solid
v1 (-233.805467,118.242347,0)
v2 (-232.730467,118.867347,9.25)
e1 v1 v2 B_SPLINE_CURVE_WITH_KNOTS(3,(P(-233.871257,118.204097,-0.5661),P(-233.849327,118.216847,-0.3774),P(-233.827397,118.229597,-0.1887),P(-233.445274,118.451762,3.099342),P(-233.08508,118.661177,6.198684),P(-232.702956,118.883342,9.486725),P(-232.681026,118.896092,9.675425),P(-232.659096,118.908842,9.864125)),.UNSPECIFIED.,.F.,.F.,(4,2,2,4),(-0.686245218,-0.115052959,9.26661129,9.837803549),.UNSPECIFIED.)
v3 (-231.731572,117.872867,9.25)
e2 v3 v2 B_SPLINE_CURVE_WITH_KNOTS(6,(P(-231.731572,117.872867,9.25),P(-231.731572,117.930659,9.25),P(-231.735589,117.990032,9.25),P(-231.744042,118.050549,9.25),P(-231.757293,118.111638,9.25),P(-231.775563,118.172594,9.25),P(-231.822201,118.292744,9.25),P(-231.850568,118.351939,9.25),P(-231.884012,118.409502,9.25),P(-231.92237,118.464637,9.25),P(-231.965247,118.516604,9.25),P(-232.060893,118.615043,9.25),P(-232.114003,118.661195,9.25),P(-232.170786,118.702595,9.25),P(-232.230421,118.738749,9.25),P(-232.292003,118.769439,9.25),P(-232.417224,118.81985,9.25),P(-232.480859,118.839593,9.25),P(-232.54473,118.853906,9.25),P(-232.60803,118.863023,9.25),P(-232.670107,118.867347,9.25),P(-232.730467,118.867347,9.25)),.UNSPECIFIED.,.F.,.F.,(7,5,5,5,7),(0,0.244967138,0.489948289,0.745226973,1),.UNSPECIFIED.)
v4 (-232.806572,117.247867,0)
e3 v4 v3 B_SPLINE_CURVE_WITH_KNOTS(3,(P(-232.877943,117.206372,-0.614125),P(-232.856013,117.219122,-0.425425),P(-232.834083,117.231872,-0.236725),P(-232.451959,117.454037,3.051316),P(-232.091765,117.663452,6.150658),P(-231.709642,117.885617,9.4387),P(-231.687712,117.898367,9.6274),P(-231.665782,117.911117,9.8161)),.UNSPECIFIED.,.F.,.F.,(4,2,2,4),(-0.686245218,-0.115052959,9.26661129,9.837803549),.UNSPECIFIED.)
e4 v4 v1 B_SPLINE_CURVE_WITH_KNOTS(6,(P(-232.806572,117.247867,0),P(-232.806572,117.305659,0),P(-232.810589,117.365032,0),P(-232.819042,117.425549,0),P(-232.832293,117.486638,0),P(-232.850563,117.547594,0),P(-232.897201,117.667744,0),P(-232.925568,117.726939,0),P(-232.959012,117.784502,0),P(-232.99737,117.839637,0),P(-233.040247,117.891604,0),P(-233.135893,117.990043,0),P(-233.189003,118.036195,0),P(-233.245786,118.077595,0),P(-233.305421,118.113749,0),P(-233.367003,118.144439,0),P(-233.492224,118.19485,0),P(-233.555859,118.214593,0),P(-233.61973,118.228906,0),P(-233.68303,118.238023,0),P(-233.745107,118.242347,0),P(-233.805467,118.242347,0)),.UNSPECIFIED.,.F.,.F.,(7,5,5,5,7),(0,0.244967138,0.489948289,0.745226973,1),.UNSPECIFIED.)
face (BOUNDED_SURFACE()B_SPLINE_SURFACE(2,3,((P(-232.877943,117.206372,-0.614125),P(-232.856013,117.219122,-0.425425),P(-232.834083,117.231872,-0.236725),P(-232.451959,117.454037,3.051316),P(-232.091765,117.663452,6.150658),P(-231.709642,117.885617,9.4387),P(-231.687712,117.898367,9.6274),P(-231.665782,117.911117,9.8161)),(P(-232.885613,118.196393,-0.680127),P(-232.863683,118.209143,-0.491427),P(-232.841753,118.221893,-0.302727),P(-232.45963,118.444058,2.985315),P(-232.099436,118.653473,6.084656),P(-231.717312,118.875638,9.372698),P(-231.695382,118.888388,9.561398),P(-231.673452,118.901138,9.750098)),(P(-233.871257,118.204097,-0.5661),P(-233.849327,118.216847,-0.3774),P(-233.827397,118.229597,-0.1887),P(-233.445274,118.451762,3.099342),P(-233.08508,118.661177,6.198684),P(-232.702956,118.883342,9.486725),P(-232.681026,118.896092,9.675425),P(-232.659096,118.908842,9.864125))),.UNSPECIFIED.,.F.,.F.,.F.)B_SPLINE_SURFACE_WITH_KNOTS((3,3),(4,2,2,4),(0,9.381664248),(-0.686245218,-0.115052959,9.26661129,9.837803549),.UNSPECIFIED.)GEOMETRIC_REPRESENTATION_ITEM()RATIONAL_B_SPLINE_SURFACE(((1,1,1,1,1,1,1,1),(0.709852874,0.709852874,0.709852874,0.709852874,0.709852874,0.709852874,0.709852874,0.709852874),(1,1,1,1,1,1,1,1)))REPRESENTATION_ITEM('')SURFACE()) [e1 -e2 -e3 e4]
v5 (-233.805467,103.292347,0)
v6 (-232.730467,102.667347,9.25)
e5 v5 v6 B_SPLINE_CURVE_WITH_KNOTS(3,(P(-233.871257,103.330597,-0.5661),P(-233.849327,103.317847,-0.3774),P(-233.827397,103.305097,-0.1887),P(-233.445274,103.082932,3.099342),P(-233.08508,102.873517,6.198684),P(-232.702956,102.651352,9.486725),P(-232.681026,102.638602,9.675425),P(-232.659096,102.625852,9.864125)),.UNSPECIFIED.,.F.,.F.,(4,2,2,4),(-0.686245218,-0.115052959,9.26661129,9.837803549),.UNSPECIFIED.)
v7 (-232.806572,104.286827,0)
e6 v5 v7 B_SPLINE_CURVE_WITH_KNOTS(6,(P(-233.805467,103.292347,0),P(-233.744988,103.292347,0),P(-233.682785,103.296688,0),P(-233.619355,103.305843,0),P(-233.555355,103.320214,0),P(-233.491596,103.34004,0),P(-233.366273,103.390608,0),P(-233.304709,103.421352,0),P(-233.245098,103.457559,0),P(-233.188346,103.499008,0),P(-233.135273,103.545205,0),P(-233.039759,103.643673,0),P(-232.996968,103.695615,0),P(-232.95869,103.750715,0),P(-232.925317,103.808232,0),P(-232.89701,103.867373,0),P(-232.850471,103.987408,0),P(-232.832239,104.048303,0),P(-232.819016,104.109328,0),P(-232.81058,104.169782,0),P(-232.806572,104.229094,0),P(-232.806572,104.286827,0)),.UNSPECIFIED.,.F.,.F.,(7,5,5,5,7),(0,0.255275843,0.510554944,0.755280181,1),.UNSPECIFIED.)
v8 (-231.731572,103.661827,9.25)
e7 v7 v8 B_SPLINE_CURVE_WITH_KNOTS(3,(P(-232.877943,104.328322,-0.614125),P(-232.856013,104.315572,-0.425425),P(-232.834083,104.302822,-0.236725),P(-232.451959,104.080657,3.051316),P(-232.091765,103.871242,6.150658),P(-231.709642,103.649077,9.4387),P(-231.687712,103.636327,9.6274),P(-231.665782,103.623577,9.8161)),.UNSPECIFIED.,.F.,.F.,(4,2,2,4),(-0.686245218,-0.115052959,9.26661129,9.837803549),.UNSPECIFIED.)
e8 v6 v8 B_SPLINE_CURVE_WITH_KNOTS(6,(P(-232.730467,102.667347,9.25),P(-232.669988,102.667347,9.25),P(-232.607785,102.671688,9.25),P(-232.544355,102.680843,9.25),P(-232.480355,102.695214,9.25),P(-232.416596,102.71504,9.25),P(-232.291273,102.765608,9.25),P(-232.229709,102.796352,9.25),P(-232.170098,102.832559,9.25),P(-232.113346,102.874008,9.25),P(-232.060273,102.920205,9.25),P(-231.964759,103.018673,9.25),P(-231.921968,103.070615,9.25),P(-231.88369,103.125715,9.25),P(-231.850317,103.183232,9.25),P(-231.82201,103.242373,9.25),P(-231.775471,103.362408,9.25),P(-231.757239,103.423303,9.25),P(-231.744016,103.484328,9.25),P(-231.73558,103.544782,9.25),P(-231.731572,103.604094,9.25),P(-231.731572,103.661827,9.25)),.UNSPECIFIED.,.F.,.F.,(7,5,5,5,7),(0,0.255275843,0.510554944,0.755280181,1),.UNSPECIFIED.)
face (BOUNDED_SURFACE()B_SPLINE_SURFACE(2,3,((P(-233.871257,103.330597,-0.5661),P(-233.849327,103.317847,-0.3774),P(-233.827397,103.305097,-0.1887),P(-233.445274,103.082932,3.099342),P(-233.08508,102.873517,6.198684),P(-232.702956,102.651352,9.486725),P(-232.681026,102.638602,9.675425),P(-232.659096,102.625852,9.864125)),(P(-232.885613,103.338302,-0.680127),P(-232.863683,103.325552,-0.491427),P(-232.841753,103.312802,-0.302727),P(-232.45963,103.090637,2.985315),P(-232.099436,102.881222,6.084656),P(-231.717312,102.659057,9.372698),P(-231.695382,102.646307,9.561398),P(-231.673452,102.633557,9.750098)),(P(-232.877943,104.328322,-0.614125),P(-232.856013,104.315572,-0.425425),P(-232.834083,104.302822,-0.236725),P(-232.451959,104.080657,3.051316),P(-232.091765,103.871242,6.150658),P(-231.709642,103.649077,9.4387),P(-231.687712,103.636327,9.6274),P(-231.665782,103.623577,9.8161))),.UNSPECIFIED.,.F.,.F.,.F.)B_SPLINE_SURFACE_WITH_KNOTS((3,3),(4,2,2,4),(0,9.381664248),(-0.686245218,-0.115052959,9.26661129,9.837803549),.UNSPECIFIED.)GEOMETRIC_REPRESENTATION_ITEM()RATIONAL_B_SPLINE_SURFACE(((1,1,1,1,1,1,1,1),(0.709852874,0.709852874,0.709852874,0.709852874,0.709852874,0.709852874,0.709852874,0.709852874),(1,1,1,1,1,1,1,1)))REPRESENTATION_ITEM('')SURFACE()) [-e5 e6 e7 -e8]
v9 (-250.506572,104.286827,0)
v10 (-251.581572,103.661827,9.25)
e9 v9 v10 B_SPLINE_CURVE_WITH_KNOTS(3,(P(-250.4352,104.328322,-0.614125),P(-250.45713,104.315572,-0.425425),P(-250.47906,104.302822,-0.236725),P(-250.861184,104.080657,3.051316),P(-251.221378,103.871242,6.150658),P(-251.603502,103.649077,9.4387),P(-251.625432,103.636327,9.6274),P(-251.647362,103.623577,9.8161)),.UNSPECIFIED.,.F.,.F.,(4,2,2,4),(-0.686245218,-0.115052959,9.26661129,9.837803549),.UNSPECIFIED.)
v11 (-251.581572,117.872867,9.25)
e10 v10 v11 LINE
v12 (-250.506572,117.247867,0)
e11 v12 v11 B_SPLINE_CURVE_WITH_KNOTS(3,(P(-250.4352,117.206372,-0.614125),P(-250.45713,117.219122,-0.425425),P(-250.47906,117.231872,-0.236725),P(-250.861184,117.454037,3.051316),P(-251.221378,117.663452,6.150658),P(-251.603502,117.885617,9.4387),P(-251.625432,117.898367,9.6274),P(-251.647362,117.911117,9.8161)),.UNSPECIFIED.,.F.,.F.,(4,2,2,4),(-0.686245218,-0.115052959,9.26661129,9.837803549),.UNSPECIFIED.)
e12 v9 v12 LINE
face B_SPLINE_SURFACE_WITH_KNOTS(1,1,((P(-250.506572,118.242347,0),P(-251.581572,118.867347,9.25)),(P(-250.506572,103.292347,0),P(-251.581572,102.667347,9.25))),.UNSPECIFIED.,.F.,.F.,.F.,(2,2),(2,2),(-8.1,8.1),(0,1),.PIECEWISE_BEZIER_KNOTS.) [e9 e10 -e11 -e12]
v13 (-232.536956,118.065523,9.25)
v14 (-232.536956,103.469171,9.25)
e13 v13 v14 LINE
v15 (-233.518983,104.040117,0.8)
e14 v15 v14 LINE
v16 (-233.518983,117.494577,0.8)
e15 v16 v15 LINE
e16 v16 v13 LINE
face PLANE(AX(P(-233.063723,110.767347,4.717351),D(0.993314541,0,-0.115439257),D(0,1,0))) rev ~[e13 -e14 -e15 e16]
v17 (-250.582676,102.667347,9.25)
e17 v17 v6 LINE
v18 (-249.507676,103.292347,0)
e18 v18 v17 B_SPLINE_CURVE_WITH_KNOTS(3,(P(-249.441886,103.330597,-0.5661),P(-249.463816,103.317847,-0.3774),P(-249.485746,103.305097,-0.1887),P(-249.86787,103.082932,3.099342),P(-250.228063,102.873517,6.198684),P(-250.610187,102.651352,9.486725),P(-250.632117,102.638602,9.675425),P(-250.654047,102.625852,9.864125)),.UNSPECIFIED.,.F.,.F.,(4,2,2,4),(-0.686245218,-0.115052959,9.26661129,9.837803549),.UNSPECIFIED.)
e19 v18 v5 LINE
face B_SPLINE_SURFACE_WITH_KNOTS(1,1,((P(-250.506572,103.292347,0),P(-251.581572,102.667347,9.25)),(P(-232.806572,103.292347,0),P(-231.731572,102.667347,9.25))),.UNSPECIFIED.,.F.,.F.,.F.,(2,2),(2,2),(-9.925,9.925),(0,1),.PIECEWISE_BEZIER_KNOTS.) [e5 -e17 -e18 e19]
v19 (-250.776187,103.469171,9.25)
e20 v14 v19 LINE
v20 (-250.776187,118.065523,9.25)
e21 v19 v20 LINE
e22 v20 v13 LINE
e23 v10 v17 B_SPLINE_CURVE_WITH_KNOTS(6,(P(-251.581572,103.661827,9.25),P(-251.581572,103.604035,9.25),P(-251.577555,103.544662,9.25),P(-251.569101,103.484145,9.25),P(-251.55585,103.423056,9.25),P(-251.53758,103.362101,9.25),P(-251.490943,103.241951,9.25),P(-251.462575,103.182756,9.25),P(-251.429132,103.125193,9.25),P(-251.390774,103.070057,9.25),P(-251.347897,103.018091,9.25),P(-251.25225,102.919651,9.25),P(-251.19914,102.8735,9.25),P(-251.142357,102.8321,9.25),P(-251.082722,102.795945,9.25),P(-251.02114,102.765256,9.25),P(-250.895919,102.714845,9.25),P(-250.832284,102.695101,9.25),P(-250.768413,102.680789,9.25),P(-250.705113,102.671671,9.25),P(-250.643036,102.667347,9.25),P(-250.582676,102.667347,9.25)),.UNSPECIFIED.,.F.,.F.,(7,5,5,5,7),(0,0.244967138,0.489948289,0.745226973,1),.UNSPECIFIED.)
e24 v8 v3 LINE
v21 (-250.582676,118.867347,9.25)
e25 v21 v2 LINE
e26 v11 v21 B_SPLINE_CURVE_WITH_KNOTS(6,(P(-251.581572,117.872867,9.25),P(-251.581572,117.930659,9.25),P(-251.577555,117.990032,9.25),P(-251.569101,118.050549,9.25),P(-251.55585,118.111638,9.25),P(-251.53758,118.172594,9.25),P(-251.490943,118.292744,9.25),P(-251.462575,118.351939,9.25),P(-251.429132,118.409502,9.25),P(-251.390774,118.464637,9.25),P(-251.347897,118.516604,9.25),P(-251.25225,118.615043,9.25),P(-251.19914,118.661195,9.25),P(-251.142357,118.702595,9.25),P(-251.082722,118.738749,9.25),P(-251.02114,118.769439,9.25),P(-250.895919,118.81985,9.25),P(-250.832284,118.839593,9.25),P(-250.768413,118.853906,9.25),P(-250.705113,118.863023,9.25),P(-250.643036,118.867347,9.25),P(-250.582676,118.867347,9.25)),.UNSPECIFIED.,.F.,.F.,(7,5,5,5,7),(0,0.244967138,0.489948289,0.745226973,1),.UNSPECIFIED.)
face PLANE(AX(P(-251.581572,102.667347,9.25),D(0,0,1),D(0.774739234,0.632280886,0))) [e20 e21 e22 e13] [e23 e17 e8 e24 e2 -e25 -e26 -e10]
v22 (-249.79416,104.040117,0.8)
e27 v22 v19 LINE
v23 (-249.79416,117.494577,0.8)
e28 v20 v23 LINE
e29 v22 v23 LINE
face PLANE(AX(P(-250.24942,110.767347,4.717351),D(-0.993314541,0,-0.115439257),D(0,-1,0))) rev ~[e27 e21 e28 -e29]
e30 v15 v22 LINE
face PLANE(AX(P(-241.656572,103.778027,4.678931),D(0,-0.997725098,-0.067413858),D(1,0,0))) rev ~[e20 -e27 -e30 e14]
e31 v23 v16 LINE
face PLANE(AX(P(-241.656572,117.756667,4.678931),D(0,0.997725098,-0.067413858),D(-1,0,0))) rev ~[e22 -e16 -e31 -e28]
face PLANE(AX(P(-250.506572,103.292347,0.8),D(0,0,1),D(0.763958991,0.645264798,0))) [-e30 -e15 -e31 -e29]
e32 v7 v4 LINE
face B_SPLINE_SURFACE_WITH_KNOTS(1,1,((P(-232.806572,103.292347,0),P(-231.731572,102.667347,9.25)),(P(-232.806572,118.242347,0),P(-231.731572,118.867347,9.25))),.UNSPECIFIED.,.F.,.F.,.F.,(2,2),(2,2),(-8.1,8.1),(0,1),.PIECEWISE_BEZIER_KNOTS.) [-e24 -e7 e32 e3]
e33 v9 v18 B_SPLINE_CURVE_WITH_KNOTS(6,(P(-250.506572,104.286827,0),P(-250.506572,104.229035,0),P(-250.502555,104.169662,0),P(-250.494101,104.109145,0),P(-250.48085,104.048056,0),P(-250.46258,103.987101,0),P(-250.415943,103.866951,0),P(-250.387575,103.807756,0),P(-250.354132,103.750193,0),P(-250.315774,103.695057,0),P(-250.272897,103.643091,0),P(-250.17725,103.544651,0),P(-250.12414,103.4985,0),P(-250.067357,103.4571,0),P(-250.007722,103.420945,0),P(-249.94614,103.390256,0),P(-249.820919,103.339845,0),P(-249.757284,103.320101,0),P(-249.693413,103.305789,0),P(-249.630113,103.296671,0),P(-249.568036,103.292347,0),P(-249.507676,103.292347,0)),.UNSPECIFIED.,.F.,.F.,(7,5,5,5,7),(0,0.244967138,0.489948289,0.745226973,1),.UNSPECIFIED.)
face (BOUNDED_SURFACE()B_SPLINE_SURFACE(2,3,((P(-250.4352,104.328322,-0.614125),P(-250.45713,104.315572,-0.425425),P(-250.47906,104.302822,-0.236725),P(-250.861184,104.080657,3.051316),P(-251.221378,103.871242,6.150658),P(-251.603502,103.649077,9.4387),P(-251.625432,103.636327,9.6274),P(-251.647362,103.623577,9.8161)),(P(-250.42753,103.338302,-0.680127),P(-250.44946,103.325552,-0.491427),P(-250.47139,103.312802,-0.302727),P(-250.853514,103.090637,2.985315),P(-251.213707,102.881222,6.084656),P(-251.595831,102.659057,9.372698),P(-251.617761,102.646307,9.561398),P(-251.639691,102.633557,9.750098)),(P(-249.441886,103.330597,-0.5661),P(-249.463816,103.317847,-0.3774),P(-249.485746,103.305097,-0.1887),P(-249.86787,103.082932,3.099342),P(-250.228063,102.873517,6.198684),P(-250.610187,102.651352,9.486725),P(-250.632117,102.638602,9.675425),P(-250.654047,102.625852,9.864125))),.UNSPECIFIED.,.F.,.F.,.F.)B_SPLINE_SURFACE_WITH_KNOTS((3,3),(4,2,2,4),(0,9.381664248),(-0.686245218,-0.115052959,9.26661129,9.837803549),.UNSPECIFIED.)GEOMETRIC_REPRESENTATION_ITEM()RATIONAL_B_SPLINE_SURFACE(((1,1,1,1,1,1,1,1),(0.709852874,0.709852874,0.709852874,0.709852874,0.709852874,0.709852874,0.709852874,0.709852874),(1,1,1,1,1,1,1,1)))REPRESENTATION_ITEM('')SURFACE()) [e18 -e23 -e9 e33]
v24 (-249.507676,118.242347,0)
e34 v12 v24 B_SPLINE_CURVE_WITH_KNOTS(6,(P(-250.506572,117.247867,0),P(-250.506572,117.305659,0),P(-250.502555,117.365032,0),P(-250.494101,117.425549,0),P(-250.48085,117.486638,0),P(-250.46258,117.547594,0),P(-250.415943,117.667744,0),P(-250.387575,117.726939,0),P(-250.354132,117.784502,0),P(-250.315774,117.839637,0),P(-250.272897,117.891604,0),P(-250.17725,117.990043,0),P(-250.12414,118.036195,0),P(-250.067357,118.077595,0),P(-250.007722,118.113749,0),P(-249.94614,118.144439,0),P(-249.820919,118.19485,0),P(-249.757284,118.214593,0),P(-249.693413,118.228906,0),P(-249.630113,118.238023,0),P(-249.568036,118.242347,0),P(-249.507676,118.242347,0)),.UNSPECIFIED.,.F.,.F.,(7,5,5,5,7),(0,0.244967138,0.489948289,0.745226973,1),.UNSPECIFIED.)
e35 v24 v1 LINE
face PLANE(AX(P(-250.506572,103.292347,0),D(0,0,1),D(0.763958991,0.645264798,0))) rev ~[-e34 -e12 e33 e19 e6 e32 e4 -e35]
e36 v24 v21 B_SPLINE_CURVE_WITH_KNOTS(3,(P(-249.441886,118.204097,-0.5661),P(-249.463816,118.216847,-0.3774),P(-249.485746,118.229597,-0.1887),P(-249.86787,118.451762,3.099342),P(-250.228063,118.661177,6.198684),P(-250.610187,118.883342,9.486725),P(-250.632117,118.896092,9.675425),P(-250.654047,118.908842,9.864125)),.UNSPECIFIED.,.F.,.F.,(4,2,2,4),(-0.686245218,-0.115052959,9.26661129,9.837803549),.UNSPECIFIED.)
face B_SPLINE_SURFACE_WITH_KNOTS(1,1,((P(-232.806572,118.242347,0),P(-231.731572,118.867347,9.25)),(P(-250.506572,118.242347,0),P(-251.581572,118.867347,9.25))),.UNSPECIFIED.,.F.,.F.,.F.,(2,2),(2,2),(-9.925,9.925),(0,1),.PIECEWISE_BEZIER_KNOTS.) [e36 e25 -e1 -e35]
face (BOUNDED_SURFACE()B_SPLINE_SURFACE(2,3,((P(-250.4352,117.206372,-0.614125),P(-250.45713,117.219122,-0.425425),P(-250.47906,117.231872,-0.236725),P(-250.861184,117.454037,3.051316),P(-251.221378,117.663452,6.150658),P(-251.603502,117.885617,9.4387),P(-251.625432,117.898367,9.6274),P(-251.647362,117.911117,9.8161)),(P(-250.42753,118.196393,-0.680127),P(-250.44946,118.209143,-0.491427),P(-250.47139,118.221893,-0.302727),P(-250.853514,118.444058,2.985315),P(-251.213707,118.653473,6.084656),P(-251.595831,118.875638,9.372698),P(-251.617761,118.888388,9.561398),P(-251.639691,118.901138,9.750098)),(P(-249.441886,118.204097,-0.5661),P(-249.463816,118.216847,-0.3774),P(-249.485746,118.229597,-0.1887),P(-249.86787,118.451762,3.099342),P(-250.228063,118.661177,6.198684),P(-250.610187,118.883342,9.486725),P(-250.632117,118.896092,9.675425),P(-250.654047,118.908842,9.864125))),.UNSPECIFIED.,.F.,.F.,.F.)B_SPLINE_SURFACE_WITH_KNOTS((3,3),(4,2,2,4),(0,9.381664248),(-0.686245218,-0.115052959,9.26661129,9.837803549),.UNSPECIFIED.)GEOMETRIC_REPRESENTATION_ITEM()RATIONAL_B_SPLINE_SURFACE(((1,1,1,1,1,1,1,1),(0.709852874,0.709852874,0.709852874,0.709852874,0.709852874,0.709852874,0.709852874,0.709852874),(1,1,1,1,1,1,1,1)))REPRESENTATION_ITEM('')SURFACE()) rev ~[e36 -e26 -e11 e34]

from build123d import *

# Parameters (mm, degrees)
F2_W = 17.7
F2_H = 14.95
F4_W = 19.85
F4_H = 16.2
F6_T = -0.8
F7_R = 1


with BuildPart() as f5:
    # F2 (on Top) → F5 section 0
    with BuildSketch(Plane.XY):
        with Locations((-241.6565716267, 110.767347253)):
            Rectangle(F2_W, F2_H)
    # F4 (on offset) → F5 section 1
    with BuildSketch(Plane.XY.offset(9.25)):
        with Locations((-241.6565716267, 110.767347253)):
            Rectangle(F4_W, F4_H)
    loft()

    # F6
    f6_openings = [f5.faces().sort_by_distance(p)[0] for p in [
        (-241.656572, 110.767347, 9.25),
    ]]
    offset(amount=F6_T, openings=f6_openings)

    # F7
    f7_edges = [f5.edges().sort_by_distance(p)[0] for p in [
        (-251.044072, 102.979847, 4.625),
        (-232.269072, 102.979847, 4.625),
        (-232.269072, 118.554847, 4.625),
        (-251.044072, 118.554847, 4.625),
    ]]
    fillet(f7_edges, radius=F7_R)


solid = f5.part
